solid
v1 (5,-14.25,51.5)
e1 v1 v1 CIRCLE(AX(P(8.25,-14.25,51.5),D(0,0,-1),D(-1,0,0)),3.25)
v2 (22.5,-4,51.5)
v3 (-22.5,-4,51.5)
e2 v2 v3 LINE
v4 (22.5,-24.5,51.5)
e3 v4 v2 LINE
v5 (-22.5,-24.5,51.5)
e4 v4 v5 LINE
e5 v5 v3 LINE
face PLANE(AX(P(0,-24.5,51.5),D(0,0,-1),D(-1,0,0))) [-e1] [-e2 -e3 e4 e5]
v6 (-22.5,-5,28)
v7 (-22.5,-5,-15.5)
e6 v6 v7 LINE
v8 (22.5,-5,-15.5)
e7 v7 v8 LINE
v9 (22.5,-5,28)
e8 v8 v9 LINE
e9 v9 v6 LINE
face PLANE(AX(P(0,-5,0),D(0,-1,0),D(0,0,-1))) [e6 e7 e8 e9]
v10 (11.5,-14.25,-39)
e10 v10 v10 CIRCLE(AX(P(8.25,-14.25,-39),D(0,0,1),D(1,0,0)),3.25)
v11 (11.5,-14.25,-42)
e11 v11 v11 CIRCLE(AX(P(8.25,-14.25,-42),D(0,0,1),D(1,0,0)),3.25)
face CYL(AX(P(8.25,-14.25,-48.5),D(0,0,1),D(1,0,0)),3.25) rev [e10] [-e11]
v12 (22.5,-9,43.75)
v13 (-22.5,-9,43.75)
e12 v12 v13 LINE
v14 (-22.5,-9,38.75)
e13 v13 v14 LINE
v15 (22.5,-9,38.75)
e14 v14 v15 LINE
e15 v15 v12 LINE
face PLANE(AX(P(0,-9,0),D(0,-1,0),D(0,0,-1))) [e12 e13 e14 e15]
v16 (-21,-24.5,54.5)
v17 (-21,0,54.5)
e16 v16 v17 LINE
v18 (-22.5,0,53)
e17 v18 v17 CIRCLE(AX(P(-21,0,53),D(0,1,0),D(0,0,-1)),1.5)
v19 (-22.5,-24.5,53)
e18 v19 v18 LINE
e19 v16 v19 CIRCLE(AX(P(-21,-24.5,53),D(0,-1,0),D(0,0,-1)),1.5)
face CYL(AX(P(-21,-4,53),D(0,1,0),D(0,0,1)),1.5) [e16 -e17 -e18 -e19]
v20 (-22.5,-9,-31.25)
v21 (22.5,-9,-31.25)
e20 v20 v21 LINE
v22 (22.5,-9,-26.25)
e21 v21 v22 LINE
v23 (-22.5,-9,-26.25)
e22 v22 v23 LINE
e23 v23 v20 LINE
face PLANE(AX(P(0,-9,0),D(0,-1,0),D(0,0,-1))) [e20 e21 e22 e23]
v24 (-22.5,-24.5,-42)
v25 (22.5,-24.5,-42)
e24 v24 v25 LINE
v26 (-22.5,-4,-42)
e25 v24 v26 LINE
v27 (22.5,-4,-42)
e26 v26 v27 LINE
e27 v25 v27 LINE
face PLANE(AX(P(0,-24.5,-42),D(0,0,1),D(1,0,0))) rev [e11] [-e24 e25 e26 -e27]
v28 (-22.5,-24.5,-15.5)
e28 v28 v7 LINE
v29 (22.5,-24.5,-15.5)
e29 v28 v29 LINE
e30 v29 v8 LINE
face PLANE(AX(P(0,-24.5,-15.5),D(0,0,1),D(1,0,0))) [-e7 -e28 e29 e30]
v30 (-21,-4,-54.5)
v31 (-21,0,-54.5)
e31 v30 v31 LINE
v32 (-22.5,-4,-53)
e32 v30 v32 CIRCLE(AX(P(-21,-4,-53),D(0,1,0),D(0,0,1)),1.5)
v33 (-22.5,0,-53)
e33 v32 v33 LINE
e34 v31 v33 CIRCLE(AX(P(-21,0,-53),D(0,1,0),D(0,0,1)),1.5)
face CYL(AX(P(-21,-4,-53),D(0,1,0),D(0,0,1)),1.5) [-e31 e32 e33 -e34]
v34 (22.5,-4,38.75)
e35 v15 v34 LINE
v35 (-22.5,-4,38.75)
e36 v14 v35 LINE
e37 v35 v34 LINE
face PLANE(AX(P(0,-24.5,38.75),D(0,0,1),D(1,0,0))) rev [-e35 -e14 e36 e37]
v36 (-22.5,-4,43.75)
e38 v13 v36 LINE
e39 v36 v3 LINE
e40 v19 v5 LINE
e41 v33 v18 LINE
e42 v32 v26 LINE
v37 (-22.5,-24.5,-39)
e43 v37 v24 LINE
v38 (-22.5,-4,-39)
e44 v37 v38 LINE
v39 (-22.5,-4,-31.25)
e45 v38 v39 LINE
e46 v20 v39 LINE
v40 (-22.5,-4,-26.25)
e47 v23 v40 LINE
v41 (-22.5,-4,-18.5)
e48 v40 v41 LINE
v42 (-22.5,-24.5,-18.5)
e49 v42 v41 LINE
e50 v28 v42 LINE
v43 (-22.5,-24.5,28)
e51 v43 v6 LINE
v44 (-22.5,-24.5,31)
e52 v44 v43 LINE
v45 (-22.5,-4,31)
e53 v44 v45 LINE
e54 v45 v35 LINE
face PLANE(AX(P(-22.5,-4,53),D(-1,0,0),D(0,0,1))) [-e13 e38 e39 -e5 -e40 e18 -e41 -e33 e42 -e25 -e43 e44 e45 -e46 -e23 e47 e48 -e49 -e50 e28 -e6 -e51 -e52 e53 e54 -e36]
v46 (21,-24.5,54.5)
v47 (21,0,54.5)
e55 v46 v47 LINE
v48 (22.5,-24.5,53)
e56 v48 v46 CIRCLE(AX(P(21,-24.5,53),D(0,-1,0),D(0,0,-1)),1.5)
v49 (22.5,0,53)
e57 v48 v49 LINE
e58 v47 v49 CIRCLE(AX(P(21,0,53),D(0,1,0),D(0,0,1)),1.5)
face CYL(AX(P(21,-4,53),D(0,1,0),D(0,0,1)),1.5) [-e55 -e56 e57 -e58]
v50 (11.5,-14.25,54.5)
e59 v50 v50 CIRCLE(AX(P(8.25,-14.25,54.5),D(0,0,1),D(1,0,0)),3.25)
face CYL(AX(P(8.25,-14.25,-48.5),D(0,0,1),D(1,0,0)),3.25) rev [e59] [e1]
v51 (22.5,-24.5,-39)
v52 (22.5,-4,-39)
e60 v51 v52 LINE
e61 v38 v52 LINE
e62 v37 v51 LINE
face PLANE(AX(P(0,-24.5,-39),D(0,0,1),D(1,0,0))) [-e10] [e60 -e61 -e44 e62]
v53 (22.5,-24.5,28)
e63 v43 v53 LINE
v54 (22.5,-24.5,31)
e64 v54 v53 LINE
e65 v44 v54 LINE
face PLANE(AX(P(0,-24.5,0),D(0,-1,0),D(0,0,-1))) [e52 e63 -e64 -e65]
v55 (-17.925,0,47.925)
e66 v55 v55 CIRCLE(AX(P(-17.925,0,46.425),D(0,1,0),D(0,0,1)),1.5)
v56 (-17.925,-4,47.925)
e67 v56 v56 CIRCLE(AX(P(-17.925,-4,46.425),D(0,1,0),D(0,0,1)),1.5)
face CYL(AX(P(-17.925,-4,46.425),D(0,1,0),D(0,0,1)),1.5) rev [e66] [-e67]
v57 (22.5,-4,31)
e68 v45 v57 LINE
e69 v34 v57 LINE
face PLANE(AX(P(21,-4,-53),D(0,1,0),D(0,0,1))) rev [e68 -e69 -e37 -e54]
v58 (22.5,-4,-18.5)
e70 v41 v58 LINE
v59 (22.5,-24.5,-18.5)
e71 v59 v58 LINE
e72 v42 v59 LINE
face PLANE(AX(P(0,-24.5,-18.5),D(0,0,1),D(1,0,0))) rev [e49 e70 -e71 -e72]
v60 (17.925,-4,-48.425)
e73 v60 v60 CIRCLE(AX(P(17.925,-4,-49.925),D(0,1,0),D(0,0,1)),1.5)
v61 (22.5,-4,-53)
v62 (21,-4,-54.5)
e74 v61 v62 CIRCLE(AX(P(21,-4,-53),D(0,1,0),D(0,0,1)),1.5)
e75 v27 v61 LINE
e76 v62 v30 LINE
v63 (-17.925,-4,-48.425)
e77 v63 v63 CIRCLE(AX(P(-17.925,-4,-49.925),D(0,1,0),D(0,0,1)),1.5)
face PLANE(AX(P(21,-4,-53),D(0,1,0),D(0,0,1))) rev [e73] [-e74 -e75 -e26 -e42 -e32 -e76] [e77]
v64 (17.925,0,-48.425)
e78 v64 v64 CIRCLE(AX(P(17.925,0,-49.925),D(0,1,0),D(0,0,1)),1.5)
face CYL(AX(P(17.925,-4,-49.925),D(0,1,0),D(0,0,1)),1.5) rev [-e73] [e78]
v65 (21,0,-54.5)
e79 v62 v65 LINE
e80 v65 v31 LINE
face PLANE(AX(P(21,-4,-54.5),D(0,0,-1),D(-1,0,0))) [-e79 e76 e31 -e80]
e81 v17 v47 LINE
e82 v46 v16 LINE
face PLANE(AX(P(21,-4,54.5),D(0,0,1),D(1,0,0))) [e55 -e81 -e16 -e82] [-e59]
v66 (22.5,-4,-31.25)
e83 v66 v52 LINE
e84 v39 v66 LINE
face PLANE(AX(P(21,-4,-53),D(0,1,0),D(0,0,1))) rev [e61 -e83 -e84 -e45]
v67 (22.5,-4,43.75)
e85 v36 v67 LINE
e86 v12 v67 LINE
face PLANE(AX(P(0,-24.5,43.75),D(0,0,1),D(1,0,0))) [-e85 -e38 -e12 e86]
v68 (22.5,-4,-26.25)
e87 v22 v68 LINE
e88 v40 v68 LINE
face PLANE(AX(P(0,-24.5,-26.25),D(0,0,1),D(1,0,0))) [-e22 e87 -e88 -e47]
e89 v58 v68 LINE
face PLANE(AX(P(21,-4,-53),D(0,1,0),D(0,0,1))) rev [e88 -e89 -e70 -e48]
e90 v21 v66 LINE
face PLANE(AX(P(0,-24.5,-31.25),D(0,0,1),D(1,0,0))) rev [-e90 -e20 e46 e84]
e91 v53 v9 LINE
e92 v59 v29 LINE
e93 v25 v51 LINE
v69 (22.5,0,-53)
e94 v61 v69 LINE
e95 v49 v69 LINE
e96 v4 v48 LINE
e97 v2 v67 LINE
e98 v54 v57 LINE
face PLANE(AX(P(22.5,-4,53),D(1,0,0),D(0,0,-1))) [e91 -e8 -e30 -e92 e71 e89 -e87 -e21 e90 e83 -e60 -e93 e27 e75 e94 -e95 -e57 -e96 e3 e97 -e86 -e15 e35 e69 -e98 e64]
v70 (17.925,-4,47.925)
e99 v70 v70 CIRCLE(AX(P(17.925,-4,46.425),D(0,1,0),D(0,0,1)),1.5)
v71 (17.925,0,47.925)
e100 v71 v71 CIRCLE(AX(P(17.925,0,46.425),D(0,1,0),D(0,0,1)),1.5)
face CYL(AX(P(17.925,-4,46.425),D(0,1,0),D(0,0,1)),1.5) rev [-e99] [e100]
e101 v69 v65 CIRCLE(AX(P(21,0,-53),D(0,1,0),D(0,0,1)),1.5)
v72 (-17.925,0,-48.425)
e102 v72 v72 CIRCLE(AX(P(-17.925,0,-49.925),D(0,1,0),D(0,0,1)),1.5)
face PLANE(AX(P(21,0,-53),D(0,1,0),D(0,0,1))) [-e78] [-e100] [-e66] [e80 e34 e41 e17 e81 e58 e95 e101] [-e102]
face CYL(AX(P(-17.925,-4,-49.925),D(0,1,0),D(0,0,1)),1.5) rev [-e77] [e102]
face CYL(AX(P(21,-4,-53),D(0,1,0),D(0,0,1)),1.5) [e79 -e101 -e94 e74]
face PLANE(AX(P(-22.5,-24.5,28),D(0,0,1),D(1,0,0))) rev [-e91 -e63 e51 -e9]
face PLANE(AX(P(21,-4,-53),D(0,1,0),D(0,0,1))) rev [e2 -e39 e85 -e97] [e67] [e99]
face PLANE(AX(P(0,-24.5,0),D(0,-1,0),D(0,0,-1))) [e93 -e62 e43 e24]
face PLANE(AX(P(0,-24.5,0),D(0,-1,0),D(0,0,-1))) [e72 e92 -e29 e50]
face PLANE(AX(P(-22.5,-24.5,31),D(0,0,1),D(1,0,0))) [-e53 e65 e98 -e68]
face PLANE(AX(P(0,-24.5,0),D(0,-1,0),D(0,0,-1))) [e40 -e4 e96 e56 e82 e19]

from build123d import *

# Parameters (mm, degrees)
SKETCH1_R           = 1.5
BOSS_EXTRUDE1_DEPTH = 4
SKETCH3_W           = 45
SKETCH3_H           = 3
SKETCH3_H_2         = 5
BOSS_EXTRUDE2_DEPTH = 20.5
SKETCH4_W           = 45
SKETCH4_H           = 5
CUT_EXTRUDE1_DEPTH  = 15.5
SKETCH5_W           = 45
SKETCH5_H           = 43.5
BOSS_EXTRUDE3_DEPTH = 1
SKETCH6_R           = 3.25
CUT_EXTRUDE2_DEPTH  = 103
SKETCH7_W           = 45
SKETCH7_H           = 3
BOSS_EXTRUDE4_DEPTH = 24.5


with BuildPart() as part:
    # Sketch1 → Boss-Extrude1 (new body)
    with BuildSketch(Plane(origin=(0, 0, 0), x_dir=(1, 0, 0), z_dir=(0, 1, 0))):
        with BuildLine():
            Line((21, -54.5), (-21, -54.5))
            ThreePointArc((-21, -54.5), (-22.060660172, -54.060660172), (-22.5, -53))
            Line((-22.5, -53), (-22.5, 53))
            ThreePointArc((-22.5, 53), (-22.060660172, 54.060660172), (-21, 54.5))
            Line((-21, 54.5), (21, 54.5))
            ThreePointArc((21, 54.5), (22.060660172, 54.060660172), (22.5, 53))
            Line((22.5, 53), (22.5, -53))
            ThreePointArc((22.5, -53), (22.060660172, -54.060660172), (21, -54.5))
        make_face()
        with Locations((17.925, -46.425)):
            Circle(SKETCH1_R, mode=Mode.SUBTRACT)
        with Locations((-17.925, -46.425)):
            Circle(SKETCH1_R, mode=Mode.SUBTRACT)
        with Locations((17.925, 49.925)):
            Circle(SKETCH1_R, mode=Mode.SUBTRACT)
        with Locations((-17.925, 49.925)):
            Circle(SKETCH1_R, mode=Mode.SUBTRACT)
    extrude(amount=-BOSS_EXTRUDE1_DEPTH)

    # Sketch3 → Boss-Extrude2 (add)
    with BuildSketch(Plane.XZ.offset(4)):
        with Locations((0, -17)):
            Rectangle(SKETCH3_W, SKETCH3_H)
        with Locations((0, -28.75)):
            Rectangle(SKETCH3_W, SKETCH3_H_2)
        with Locations((0, -40.5)):
            Rectangle(SKETCH3_W, SKETCH3_H)
        with Locations((0, 41.25)):
            Rectangle(SKETCH3_W, SKETCH3_H_2)
        with BuildLine():
            Line((-22.5, 51.5), (22.5, 51.5))
            Line((22.5, 51.5), (22.5, 53))
            ThreePointArc((22.5, 53), (22.060660172, 54.060660172), (21, 54.5))
            Line((21, 54.5), (-21, 54.5))
            ThreePointArc((-21, 54.5), (-22.060660172, 54.060660172), (-22.5, 53))
            Line((-22.5, 53), (-22.5, 51.5))
        make_face()
        with Locations((0, 29.5)):
            Rectangle(SKETCH3_W, SKETCH3_H)
    extrude(amount=BOSS_EXTRUDE2_DEPTH)

    # Sketch4 → Cut-Extrude1 (cut)
    with BuildSketch(Plane.XZ.offset(24.5)):
        with Locations((0, 41.25)):
            Rectangle(SKETCH4_W, SKETCH4_H)
        with Locations((0, -28.75)):
            Rectangle(SKETCH4_W, SKETCH4_H)
    extrude(amount=-CUT_EXTRUDE1_DEPTH, mode=Mode.SUBTRACT)

    # Sketch5 → Boss-Extrude3 (add)
    with BuildSketch(Plane.XZ.offset(4)):
        with Locations((0, 6.25)):
            Rectangle(SKETCH5_W, SKETCH5_H)
    extrude(amount=BOSS_EXTRUDE3_DEPTH)

    # Sketch6 → Cut-Extrude2 (cut)
    with BuildSketch(Plane.XY.offset(54.5)):
        with Locations((8.25, -14.25)):
            Circle(SKETCH6_R)
    extrude(amount=-CUT_EXTRUDE2_DEPTH, mode=Mode.SUBTRACT)

    # Sketch7 → Boss-Extrude4 (add)
    with BuildSketch(Plane.XZ.offset(24.5)):
        with Locations((0, 29.5)):
            Rectangle(SKETCH7_W, SKETCH7_H)
        with Locations((0, -17)):
            Rectangle(SKETCH7_W, SKETCH7_H)
    extrude(amount=-BOSS_EXTRUDE4_DEPTH)


solid = part.part
